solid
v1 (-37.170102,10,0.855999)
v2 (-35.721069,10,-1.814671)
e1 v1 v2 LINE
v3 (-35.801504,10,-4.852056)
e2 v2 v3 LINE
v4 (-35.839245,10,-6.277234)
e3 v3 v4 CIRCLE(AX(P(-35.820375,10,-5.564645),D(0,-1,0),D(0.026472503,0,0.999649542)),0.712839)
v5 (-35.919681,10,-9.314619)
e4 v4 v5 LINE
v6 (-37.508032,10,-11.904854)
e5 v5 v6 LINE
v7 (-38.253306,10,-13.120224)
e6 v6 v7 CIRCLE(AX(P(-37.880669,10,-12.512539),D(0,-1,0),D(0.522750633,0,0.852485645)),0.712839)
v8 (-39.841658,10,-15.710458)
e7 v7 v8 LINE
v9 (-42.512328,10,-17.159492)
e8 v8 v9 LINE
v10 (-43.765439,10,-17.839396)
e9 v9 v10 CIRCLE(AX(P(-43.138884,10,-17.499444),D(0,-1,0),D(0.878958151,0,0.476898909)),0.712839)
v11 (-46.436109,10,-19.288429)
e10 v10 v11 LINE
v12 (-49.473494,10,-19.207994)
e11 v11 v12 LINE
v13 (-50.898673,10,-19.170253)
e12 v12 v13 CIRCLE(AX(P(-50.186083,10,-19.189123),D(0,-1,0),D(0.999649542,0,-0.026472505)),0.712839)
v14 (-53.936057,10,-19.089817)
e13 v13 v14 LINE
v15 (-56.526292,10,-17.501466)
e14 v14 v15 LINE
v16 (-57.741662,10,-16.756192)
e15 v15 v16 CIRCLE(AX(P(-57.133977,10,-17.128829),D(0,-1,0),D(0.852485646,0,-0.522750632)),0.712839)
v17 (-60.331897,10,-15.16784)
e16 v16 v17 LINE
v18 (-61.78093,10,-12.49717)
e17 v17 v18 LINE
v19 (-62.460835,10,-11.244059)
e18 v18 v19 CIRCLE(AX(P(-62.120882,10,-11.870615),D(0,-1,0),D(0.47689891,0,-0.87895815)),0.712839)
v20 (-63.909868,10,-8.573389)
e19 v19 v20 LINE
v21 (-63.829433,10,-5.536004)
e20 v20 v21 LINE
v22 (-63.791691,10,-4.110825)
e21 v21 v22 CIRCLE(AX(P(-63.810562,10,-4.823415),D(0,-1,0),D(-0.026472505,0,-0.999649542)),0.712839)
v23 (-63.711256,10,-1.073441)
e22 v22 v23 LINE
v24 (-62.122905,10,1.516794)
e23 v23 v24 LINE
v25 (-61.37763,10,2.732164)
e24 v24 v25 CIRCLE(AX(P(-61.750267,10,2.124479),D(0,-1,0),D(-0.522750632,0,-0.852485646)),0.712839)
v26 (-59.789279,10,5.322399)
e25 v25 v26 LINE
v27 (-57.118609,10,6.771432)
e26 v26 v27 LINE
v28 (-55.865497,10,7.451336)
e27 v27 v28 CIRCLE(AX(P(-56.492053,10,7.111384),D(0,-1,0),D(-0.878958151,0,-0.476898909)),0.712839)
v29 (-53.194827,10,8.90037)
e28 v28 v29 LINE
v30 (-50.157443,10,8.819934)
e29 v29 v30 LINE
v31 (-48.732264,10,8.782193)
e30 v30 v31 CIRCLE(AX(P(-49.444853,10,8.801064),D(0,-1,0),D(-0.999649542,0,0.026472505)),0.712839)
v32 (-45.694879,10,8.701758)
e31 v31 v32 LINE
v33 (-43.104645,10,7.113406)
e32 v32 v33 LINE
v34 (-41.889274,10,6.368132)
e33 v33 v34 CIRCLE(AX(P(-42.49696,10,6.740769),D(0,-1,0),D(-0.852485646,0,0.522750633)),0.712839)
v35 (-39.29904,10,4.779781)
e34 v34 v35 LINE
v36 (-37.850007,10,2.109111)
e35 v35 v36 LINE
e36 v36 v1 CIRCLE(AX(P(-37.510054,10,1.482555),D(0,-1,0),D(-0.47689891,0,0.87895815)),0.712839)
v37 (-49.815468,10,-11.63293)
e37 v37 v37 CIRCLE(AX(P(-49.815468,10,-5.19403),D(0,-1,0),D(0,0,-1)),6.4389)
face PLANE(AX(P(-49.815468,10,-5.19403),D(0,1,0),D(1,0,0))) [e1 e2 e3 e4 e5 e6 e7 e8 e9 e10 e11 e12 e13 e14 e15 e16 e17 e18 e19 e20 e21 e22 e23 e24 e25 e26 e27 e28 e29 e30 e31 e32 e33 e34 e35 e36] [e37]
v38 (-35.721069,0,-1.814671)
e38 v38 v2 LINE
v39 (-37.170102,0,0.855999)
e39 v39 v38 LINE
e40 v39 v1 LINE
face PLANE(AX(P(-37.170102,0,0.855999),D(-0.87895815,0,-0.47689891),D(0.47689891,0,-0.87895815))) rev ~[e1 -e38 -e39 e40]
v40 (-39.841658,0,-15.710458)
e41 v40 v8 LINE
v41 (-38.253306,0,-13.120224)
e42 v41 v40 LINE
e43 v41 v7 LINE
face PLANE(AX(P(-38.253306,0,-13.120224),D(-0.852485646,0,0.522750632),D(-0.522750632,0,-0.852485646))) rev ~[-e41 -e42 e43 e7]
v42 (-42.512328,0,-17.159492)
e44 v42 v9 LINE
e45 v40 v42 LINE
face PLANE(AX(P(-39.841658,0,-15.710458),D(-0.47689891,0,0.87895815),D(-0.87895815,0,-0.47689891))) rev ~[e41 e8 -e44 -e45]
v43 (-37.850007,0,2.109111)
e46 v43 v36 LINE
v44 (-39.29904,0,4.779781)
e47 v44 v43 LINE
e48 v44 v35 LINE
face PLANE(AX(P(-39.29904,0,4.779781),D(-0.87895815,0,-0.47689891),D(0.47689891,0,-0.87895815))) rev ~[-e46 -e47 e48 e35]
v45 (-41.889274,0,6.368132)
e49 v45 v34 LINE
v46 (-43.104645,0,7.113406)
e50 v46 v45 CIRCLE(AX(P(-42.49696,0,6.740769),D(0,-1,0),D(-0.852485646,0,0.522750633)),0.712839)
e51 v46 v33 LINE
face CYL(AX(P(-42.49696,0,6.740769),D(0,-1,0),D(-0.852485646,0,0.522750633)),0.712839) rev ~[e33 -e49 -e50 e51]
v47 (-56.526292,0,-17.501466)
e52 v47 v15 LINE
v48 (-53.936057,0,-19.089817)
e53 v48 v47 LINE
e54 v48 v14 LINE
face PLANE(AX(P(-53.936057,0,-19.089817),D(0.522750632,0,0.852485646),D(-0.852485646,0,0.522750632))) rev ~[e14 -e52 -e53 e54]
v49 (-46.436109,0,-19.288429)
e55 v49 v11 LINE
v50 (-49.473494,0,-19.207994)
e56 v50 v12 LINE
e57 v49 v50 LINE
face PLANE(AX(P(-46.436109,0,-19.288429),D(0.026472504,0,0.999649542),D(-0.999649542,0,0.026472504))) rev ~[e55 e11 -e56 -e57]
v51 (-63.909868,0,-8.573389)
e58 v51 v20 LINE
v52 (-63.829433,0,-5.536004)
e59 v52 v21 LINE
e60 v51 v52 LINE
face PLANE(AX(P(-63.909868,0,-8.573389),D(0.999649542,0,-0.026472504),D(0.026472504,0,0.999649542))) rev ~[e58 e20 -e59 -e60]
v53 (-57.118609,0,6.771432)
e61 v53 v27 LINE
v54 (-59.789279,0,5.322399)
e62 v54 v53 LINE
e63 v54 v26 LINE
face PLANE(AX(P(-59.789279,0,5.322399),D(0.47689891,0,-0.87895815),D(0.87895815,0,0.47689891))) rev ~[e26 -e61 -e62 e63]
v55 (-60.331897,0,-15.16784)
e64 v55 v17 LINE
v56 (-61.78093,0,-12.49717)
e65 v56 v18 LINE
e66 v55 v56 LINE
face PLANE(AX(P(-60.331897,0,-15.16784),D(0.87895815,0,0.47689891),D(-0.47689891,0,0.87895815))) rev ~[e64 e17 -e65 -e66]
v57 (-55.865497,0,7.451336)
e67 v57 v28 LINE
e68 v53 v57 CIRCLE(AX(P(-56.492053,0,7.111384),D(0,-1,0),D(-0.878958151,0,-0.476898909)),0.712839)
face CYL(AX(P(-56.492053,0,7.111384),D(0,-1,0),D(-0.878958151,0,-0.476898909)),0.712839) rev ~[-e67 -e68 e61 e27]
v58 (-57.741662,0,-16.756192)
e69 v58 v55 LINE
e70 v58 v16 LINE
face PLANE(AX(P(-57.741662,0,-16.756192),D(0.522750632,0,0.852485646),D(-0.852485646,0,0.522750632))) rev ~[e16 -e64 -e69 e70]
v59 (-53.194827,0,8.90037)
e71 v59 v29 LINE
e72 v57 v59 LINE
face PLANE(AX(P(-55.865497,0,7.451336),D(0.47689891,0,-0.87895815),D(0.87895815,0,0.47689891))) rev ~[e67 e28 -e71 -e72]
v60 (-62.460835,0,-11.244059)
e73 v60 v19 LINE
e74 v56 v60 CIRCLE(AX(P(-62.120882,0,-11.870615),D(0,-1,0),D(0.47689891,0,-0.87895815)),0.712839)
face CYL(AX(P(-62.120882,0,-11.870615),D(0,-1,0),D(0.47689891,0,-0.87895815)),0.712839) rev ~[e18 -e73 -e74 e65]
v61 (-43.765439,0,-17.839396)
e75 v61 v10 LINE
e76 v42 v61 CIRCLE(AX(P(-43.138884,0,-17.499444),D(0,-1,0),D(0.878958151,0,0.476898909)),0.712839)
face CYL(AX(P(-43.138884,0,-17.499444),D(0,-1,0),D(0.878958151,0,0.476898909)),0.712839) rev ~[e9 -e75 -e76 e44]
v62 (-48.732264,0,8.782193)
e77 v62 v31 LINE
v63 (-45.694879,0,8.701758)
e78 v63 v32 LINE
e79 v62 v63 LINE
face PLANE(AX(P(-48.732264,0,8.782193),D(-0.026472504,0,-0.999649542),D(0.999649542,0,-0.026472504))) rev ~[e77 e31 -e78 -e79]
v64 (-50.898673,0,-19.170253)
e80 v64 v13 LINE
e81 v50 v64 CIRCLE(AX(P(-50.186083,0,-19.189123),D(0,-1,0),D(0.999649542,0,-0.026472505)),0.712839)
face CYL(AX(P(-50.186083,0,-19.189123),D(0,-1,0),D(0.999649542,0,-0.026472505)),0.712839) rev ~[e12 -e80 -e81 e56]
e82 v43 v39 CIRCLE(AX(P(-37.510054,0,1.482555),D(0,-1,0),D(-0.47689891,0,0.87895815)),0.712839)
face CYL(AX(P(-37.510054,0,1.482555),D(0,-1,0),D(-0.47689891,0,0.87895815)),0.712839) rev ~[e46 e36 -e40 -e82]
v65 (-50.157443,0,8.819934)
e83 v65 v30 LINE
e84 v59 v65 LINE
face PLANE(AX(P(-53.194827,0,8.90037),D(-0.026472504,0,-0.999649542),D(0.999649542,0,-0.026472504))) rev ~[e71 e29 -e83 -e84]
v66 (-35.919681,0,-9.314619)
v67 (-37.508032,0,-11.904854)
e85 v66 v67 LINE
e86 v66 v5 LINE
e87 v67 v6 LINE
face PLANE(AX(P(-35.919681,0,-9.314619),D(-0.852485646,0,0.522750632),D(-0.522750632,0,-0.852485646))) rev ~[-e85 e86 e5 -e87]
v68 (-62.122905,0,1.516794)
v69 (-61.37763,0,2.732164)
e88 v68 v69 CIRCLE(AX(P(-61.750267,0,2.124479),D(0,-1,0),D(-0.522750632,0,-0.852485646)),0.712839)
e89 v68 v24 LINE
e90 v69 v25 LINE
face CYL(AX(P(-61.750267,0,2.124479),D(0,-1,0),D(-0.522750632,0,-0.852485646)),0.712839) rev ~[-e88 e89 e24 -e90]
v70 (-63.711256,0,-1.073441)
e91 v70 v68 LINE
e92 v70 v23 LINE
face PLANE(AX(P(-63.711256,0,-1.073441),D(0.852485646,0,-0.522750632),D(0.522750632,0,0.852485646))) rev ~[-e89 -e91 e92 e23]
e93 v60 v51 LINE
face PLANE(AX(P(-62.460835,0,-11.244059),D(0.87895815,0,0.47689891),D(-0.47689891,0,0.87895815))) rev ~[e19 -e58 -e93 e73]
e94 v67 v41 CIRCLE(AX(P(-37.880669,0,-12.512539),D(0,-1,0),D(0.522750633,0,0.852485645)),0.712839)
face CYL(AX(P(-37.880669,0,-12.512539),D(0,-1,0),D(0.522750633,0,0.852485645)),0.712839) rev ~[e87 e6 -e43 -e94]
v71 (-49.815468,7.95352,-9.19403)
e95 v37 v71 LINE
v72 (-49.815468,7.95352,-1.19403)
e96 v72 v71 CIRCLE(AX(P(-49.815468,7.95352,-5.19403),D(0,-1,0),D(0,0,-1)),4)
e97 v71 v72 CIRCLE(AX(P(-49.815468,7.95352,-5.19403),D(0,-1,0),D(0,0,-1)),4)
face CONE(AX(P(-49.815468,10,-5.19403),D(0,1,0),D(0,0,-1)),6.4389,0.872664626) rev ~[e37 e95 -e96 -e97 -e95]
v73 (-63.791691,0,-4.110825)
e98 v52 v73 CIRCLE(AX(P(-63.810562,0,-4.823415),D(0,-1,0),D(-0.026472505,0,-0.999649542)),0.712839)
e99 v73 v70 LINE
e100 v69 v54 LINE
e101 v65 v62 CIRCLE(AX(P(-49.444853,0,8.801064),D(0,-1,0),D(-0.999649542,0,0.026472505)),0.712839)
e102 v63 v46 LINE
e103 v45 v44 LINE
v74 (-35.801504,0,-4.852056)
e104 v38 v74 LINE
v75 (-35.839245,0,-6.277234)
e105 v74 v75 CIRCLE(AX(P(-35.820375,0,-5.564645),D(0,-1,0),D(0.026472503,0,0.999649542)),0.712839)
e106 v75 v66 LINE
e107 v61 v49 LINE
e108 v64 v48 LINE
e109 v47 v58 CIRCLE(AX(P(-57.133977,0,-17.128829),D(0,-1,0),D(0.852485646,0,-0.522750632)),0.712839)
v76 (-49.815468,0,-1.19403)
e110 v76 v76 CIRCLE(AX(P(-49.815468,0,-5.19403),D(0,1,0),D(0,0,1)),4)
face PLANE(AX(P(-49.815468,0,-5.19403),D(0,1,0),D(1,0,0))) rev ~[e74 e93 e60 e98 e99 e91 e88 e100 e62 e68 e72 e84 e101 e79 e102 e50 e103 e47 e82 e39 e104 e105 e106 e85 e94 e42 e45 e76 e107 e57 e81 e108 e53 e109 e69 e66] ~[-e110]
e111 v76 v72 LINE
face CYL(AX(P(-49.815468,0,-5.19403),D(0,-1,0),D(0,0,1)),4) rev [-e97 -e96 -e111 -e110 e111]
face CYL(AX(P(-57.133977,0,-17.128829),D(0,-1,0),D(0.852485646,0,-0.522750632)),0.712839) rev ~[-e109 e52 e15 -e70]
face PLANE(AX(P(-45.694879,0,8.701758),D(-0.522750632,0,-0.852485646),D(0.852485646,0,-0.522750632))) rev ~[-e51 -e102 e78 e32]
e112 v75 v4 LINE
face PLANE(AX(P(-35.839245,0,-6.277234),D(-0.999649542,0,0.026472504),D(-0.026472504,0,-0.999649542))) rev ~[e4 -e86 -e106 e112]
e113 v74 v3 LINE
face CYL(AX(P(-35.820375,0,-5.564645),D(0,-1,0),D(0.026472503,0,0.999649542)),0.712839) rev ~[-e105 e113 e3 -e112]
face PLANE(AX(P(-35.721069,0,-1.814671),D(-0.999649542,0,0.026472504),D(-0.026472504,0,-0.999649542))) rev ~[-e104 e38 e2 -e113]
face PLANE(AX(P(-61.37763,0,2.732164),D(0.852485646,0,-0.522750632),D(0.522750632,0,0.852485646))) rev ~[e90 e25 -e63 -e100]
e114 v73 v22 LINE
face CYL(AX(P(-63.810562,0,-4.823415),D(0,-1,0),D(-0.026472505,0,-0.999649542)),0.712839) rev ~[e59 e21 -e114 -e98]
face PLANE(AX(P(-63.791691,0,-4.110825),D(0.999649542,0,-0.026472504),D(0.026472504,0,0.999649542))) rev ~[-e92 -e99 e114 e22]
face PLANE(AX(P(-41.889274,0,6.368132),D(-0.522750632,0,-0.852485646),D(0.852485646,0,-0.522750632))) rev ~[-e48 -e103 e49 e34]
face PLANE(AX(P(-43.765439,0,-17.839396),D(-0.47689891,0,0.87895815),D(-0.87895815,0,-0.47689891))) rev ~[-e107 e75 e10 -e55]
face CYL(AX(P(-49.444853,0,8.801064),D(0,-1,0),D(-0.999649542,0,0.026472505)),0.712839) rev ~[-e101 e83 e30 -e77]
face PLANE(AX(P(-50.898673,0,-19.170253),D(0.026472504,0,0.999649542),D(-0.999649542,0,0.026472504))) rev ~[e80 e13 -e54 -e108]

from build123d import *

# Parameters (mm, degrees)
SKETCH1_R                                           = 4
BOSS_EXTRUDE1_DEPTH                                 = 10
CSK_FOR_1_4_FLAT_HEAD_MACHINE_SCREW_100_D           = 7.14248
CSK_FOR_1_4_FLAT_HEAD_MACHINE_SCREW_100_CSINK_D     = 12.8778
CSK_FOR_1_4_FLAT_HEAD_MACHINE_SCREW_100_CSINK_ANGLE = 100


with BuildPart() as part:
    # Sketch1 → Boss-Extrude1 (new body)
    with BuildSketch(Plane(origin=(0, 0, 0), x_dir=(1, 0, 0), z_dir=(0, 1, 0))):
        with BuildLine():
            Line((-62.460834708, 11.244058758), (-63.909867943, 8.573388842))
            Line((-63.909867943, 8.573388842), (-63.829432577, 5.536004231))
            ThreePointArc((-63.829432577, 5.536004231), (-63.097972523, 4.842285457), (-63.791691298, 4.110825404))
            Line((-63.791691298, 4.110825404), (-63.711255932, 1.073440793))
            Line((-63.711255932, 1.073440793), (-62.122904556, -1.516793758))
            ThreePointArc((-62.122904556, -1.516793758), (-61.142582181, -1.751841812), (-61.377630236, -2.732164188))
            Line((-61.377630236, -2.732164188), (-59.78927886, -5.322398739))
            Line((-59.78927886, -5.322398739), (-57.118608944, -6.771431974))
            ThreePointArc((-57.118608944, -6.771431974), (-56.152100835, -6.484828372), (-55.865497234, -7.451336481))
            Line((-55.865497234, -7.451336481), (-53.194827318, -8.900369716))
            Line((-53.194827318, -8.900369716), (-50.157442707, -8.81993435))
            ThreePointArc((-50.157442707, -8.81993435), (-49.463723933, -8.088474296), (-48.732263879, -8.782193071))
            Line((-48.732263879, -8.782193071), (-45.694879269, -8.701757705))
            Line((-45.694879269, -8.701757705), (-43.104644718, -7.11340633))
            ThreePointArc((-43.104644718, -7.11340633), (-42.869596663, -6.133083954), (-41.889274288, -6.368132009))
            Line((-41.889274288, -6.368132009), (-39.299039737, -4.779780634))
            Line((-39.299039737, -4.779780634), (-37.850006502, -2.109110717))
            ThreePointArc((-37.850006502, -2.109110717), (-38.136610103, -1.142602609), (-37.170101995, -0.855999007))
            Line((-37.170101995, -0.855999007), (-35.72106876, 1.814670909))
            Line((-35.72106876, 1.814670909), (-35.801504126, 4.852055519))
            ThreePointArc((-35.801504126, 4.852055519), (-36.532964179, 5.545774294), (-35.839245405, 6.277234347))
            Line((-35.839245405, 6.277234347), (-35.919680771, 9.314618958))
            Line((-35.919680771, 9.314618958), (-37.508032146, 11.904853509))
            ThreePointArc((-37.508032146, 11.904853509), (-38.488354522, 12.139901563), (-38.253306467, 13.120223939))
            Line((-38.253306467, 13.120223939), (-39.841657842, 15.71045849))
            Line((-39.841657842, 15.71045849), (-42.512327759, 17.159491725))
            ThreePointArc((-42.512327759, 17.159491725), (-43.478835867, 16.872888123), (-43.765439468, 17.839396232))
            Line((-43.765439468, 17.839396232), (-46.436109385, 19.288429467))
            Line((-46.436109385, 19.288429467), (-49.473493995, 19.207994101))
            ThreePointArc((-49.473493995, 19.207994101), (-50.16721277, 18.476534047), (-50.898672823, 19.170252822))
            Line((-50.898672823, 19.170252822), (-53.936057434, 19.089817456))
            Line((-53.936057434, 19.089817456), (-56.526291984, 17.501466081))
            ThreePointArc((-56.526291984, 17.501466081), (-56.761340039, 16.521143705), (-57.741662415, 16.75619176))
            Line((-57.741662415, 16.75619176), (-60.331896965, 15.167840385))
            Line((-60.331896965, 15.167840385), (-61.7809302, 12.497170468))
            ThreePointArc((-61.7809302, 12.497170468), (-61.494326599, 11.530662359), (-62.460834708, 11.244058758))
        make_face()
        with Locations(Location((-49.815468351, 5.194029875, 0), (0, 0, 270))):
            Circle(SKETCH1_R, mode=Mode.SUBTRACT)
    extrude(amount=BOSS_EXTRUDE1_DEPTH)

    # CSK for 1/4 Flat Head Machine Screw (100)1 (through all)
    with Locations(Plane(origin=(-49.815468351, 10, -5.194029875), x_dir=(0, 0, 1), z_dir=(0, 1, 0))):
        with Locations((0, 0)):
            CounterSinkHole(CSK_FOR_1_4_FLAT_HEAD_MACHINE_SCREW_100_D / 2, CSK_FOR_1_4_FLAT_HEAD_MACHINE_SCREW_100_CSINK_D / 2, counter_sink_angle=CSK_FOR_1_4_FLAT_HEAD_MACHINE_SCREW_100_CSINK_ANGLE)


solid = part.part
